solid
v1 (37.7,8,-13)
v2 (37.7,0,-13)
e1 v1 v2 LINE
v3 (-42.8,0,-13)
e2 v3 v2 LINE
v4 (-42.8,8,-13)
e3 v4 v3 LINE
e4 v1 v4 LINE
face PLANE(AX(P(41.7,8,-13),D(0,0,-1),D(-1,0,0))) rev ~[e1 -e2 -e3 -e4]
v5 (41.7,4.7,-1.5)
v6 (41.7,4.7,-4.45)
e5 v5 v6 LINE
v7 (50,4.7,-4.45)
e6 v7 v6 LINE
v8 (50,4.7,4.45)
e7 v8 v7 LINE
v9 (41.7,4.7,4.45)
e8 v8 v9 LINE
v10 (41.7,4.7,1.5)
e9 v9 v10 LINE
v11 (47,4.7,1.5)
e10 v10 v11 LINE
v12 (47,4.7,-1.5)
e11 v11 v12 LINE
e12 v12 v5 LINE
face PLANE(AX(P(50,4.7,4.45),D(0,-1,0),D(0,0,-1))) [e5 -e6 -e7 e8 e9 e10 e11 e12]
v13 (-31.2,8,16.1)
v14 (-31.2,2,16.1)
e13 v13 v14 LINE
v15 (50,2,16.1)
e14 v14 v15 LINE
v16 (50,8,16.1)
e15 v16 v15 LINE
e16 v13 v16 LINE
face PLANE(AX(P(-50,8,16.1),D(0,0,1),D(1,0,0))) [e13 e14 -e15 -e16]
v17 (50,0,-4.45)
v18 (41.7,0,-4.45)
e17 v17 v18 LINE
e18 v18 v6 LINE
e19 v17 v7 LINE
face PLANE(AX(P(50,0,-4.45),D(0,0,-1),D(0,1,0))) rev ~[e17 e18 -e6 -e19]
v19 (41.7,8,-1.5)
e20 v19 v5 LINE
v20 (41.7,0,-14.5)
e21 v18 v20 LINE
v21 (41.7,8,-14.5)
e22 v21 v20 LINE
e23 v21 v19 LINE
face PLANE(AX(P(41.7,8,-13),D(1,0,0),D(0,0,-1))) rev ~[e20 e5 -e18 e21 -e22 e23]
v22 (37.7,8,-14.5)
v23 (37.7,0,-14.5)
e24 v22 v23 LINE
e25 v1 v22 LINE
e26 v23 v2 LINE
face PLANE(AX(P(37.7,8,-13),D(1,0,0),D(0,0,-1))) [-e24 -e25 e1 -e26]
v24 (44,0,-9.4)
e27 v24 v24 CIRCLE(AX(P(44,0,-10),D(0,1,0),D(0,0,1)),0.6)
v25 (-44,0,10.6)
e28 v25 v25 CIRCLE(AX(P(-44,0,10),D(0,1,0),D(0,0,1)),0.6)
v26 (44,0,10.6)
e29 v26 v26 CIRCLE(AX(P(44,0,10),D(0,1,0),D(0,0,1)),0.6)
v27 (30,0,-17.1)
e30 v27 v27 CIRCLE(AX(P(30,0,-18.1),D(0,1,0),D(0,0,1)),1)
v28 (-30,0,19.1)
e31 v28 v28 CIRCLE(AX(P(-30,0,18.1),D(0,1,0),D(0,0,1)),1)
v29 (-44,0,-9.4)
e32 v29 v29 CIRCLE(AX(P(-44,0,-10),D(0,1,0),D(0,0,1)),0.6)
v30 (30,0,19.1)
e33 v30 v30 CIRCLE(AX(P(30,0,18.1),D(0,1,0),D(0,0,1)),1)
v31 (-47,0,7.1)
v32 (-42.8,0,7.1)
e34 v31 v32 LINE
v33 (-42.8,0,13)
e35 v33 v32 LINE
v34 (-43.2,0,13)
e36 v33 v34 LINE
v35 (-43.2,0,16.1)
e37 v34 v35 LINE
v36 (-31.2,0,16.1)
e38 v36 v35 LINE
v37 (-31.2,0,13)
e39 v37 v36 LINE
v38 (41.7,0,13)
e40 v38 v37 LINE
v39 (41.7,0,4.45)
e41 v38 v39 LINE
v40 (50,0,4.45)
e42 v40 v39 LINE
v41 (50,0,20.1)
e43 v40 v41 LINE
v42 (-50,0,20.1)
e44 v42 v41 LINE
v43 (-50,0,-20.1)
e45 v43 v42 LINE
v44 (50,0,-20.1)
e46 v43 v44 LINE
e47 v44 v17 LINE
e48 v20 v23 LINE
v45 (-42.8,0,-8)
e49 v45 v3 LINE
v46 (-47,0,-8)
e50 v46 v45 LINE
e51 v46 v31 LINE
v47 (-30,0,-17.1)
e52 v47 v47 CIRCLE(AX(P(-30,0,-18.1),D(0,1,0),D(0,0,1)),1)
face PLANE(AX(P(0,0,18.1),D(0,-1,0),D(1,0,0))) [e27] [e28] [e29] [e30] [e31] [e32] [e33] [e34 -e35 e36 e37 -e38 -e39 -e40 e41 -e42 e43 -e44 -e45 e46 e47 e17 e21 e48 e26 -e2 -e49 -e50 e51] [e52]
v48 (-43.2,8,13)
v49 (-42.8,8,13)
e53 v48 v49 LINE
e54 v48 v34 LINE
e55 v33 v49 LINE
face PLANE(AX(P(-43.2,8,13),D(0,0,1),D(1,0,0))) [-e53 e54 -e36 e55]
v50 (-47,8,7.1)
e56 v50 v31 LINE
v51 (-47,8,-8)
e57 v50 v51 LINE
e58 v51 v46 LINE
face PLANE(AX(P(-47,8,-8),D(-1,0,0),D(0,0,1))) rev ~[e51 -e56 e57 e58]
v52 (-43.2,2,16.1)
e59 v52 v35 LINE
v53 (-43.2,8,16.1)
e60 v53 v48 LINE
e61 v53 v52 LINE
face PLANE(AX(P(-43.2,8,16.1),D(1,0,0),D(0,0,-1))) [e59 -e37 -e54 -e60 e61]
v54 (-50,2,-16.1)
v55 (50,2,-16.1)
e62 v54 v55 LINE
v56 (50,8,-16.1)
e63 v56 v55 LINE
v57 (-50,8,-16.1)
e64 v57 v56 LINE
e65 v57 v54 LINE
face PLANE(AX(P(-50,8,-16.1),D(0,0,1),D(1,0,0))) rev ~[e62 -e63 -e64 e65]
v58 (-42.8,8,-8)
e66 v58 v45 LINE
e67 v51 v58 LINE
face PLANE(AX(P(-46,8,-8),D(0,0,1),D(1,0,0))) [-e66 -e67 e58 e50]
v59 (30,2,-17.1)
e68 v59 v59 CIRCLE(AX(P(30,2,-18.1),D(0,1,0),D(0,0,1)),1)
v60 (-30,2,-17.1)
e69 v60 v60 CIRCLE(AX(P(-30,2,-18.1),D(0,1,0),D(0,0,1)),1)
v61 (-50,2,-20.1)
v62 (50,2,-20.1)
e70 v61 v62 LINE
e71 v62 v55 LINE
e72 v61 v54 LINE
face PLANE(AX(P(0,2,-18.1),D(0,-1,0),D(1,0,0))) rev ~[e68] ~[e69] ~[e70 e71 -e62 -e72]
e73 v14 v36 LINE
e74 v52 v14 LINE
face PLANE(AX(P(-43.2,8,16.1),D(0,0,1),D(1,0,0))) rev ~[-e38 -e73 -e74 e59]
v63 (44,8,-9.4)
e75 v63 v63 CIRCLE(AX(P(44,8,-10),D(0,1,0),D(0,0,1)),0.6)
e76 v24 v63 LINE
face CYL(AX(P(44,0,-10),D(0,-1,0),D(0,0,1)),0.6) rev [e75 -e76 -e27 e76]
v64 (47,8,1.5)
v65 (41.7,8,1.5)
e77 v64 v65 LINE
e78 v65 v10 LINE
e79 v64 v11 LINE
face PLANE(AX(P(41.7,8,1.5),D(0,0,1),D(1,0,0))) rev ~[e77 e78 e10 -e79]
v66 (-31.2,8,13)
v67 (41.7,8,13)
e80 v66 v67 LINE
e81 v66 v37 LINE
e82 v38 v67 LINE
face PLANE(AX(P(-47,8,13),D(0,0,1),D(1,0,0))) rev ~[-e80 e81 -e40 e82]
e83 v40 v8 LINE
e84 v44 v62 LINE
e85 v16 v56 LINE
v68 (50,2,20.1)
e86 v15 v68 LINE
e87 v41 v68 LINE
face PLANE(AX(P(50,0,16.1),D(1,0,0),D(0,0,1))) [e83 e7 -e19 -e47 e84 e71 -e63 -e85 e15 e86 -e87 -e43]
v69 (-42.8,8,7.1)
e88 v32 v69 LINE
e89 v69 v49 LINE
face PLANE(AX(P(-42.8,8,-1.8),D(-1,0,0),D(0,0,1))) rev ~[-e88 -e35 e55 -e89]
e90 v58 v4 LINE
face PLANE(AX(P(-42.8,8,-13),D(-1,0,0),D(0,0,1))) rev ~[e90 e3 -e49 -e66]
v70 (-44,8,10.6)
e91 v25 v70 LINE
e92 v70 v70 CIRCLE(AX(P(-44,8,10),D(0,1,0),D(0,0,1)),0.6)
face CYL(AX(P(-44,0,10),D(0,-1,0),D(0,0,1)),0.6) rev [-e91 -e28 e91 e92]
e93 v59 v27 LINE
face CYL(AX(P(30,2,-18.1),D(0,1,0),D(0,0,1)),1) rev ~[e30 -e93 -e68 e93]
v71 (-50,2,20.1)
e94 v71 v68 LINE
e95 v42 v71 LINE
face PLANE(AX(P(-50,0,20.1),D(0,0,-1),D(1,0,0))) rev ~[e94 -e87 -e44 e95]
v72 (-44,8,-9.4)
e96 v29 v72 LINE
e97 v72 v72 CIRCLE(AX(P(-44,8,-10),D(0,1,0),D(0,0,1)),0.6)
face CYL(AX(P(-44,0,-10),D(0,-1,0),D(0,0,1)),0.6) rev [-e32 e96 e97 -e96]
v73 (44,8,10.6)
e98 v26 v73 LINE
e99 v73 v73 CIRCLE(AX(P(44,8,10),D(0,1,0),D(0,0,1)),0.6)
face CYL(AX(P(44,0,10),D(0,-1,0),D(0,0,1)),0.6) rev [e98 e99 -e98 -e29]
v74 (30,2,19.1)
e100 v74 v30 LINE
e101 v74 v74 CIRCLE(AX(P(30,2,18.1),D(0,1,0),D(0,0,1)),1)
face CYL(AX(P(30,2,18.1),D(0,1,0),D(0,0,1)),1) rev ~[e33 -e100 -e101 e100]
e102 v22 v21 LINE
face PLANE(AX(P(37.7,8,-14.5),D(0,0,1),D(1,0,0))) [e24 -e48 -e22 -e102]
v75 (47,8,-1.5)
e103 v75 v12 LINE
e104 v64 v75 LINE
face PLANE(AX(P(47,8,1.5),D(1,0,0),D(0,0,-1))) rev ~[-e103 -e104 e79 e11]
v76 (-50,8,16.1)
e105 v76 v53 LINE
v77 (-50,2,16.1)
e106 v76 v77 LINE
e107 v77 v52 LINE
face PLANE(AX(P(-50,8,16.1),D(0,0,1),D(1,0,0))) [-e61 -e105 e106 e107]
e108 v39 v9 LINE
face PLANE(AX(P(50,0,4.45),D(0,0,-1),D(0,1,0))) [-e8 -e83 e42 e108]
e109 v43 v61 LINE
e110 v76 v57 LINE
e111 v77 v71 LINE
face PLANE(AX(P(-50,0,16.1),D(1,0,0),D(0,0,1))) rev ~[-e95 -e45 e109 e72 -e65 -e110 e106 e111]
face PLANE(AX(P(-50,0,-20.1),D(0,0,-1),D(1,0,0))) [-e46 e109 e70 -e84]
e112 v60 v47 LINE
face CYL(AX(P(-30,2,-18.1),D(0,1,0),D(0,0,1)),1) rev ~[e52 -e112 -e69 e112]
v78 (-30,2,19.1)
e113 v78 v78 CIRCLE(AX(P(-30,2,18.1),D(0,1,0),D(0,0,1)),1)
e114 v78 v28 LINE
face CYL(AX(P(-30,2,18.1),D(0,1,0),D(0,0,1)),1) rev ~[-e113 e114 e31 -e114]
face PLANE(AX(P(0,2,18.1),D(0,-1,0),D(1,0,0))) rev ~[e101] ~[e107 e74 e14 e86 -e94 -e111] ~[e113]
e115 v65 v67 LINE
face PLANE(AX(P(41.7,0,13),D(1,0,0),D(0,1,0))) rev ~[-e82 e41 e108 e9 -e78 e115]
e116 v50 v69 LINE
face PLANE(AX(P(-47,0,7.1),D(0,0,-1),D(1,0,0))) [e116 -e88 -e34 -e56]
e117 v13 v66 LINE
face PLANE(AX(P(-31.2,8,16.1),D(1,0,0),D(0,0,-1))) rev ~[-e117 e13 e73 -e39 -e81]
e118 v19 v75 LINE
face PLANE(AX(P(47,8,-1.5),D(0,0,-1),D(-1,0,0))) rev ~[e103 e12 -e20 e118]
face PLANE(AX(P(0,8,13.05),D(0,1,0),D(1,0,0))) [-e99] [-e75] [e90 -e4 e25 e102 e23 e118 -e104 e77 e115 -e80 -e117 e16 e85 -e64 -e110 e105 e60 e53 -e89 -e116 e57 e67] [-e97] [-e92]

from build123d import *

# Parameters (mm, degrees)
SKETCH_1_W           = 94
SKETCH_1_H           = 26
SKETCH_1_R           = 0.6
EXTRUDE_1_DEPTH      = 8
SKETCH_2_W           = 4.7
SKETCH_2_H           = 8.9
SKETCH_2_W_2         = 59.6
SKETCH_2_H_2         = 6.6
CUT_EXTRUDE_1_DEPTH  = 50.416596402
SKETCH_3_R           = 1.5
CUT_EXTRUDE_2_DEPTH  = 50.416596402
SKETCH_5_W           = 7.8
SKETCH_5_H           = 2.6
SKETCH_5_W_2         = 8.6
SKETCH_5_H_2         = 2
CUT_EXTRUDE_4_DEPTH  = 6
SKETCH_5_3_W         = 15.6
SKETCH_5_3_H         = 2
CUT_EXTRUDE_5_DEPTH  = 20
SKETCH_6_W           = 70
SKETCH_6_H           = 19.6
SKETCH_6_W_2         = 18.8
SKETCH_6_H_2         = 3
SKETCH_6_W_3         = 82.8
SKETCH_6_H_3         = 11
SKETCH_6_W_4         = 3.2
SKETCH_6_H_4         = 5.2
CUT_EXTRUDE_12_DEPTH = 2
SKETCH_7_W           = 6.7
SKETCH_7_H           = 7.7
CUT_EXTRUDE_13_DEPTH = 0.5
SKETCH_8_W           = 7.4
SKETCH_8_H           = 5.4
SKETCH_8_W_2         = 15.6
SKETCH_8_H_2         = 1.5
EXTRUDE_2_DEPTH      = 2.1
SKETCH_10_W          = 19.8
SKETCH_10_H          = 1.9
SKETCH_10_W_2        = 11.8
SKETCH_10_H_2        = 4.2
EXTRUDE_3_DEPTH      = 2
EXTRUDE_4_REACH      = 53.894
SKETCH_12_W          = 100
SKETCH_12_H          = 32.2
SKETCH_12_W_2        = 94
SKETCH_12_H_2        = 26.1
SKETCH_12_3_W        = 4.3
SKETCH_12_3_H        = 3
SKETCH_12_3_W_2      = 1
SKETCH_12_3_W_3      = 3.2
SKETCH_12_3_H_2      = 5.2
CUT_EXTRUDE_16_DEPTH = 54.133887492
SKETCH_13_W          = 94
SKETCH_13_H          = 0.1
EXTRUDE_5_DEPTH      = 8
SKETCH_14_W          = 1
SKETCH_14_H          = 8
CUT_EXTRUDE_17_DEPTH = 0.5
SKETCH_15_W          = 100
SKETCH_15_H          = 4
EXTRUDE_6_DEPTH      = 2
SKETCH_16_W          = 12
SKETCH_16_H          = 3.1
CUT_EXTRUDE_18_DEPTH = 55.479445665
SKETCH_17_R          = 1
CUT_EXTRUDE_19_DEPTH = 55.221859061
CUT_EXTRUDE_20_REACH = 104.313
SKETCH_18_W          = 8.9
SKETCH_18_H          = 4.7
SKETCH_19_W          = 4
SKETCH_19_H          = 1.5
CUT_EXTRUDE_21_DEPTH = 55.479445665


with BuildPart() as part:
    # 草图1 → 凸台-拉伸1 (new body)
    with BuildSketch(Plane(origin=(0, 0, 0), x_dir=(1, 0, 0), z_dir=(0, 1, 0))):
        Rectangle(SKETCH_1_W, SKETCH_1_H)
        with Locations(Location((-44, 10, 0), (0, 0, 270))):
            Circle(SKETCH_1_R, mode=Mode.SUBTRACT)
        with Locations(Location((-44, -10, 0), (0, 0, 270))):
            Circle(SKETCH_1_R, mode=Mode.SUBTRACT)
        with Locations(Location((44, 10, 0), (0, 0, 270))):
            Circle(SKETCH_1_R, mode=Mode.SUBTRACT)
        with Locations(Location((44, -10, 0), (0, 0, 270))):
            Circle(SKETCH_1_R, mode=Mode.SUBTRACT)
    extrude(amount=EXTRUDE_1_DEPTH)

    # 草图2 → 切除-拉伸1 (cut, through all)
    with BuildSketch(Plane.XZ):
        with Locations((-44.65, 2.65)):
            Rectangle(SKETCH_2_W, SKETCH_2_H)
        with Locations((-4.8, 0)):
            Rectangle(SKETCH_2_W_2, SKETCH_2_H_2)
    extrude(amount=-CUT_EXTRUDE_1_DEPTH, mode=Mode.SUBTRACT)

    # 草图3 → 切除-拉伸2 (cut, through all)
    with BuildSketch(Plane(origin=(0, 0, 0), x_dir=(-1, 0, 0), z_dir=(0, -1, 0))):
        with Locations(Location((27.5, -10, 0), (0, 0, 90))):
            Circle(SKETCH_3_R)
    extrude(amount=-CUT_EXTRUDE_2_DEPTH, mode=Mode.SUBTRACT)

    # 草图5 → 切除-拉伸4 (cut)
    with BuildSketch(Plane.XY.offset(13)):
        with Locations((-37.2, 6.7)):
            Rectangle(SKETCH_5_W, SKETCH_5_H)
        with Locations((-27.5, 7)):
            Rectangle(SKETCH_5_W_2, SKETCH_5_H_2)
    extrude(amount=-CUT_EXTRUDE_4_DEPTH, mode=Mode.SUBTRACT)

    # 草图5<3> → 切除-拉伸5 (cut)
    with BuildSketch(Plane.XY.offset(13)):
        with Locations((32.9, 7)):
            Rectangle(SKETCH_5_3_W, SKETCH_5_3_H)
    extrude(amount=-CUT_EXTRUDE_5_DEPTH, mode=Mode.SUBTRACT)

    # 草图6 → 切除-拉伸12 (cut)
    with BuildSketch(Plane(origin=(0, 8, 0), x_dir=(1, 0, 0), z_dir=(0, 1, 0))):
        with Locations((-7.8, 2.7)):
            Rectangle(SKETCH_6_W, SKETCH_6_H)
        with Locations((36.6, 0)):
            Rectangle(SKETCH_6_W_2, SKETCH_6_H_2)
        with Locations((0.3, -7)):
            Rectangle(SKETCH_6_W_3, SKETCH_6_H_3)
        with Locations((-44.4, 5.4)):
            Rectangle(SKETCH_6_W_4, SKETCH_6_H_4)
    extrude(amount=-CUT_EXTRUDE_12_DEPTH, mode=Mode.SUBTRACT)

    # 草图7 → 切除-拉伸13 (cut)
    with BuildSketch(Plane(origin=(0, 6, 0), x_dir=(1, 0, 0), z_dir=(0, 1, 0))):
        with Locations((-27.35, 7.15)):
            Rectangle(SKETCH_7_W, SKETCH_7_H)
    extrude(amount=-CUT_EXTRUDE_13_DEPTH, mode=Mode.SUBTRACT)

    # 草图8 → 凸台-拉伸2 (add)
    with BuildSketch(Plane.XY.offset(13)):
        with Locations((-37.2, 2.7)):
            Rectangle(SKETCH_8_W, SKETCH_8_H)
        with Locations((32.9, 0.75)):
            Rectangle(SKETCH_8_W_2, SKETCH_8_H_2)
    extrude(amount=EXTRUDE_2_DEPTH)

    # 草图10 → 凸台-拉伸3 (add)
    with BuildSketch(Plane.ZY.offset(47)):
        with Locations((0, 0.95)):
            Rectangle(SKETCH_10_W, SKETCH_10_H)
        with Locations((0, 2.1)):
            Rectangle(SKETCH_10_W_2, SKETCH_10_H_2)
    extrude(amount=EXTRUDE_3_DEPTH)

    # 凸台-拉伸4: up to this face of the body (flat: up to its plane)
    extrude_4_end = Plane(part.part.faces().sort_by_distance((-45.999719539, 0, 11.45))[0])
    # 草图12 → 凸台-拉伸4 (add, up to the picked face)
    with BuildSketch(Plane(origin=(0, 8, 0), x_dir=(1, 0, 0), z_dir=(0, 1, 0)), mode=Mode.PRIVATE) as extrude_4_sk1:
        Rectangle(SKETCH_12_W, SKETCH_12_H)
        with Locations((0, -0.05)):
            Rectangle(SKETCH_12_W_2, SKETCH_12_H_2, mode=Mode.SUBTRACT)
    extrude_4_tool1 = split(extrude(extrude_4_sk1.sketch, amount=-EXTRUDE_4_REACH, mode=Mode.PRIVATE), bisect_by=extrude_4_end, keep=Keep.BOTH, mode=Mode.PRIVATE)
    add(extrude_4_tool1.solids().sort_by(Axis((48.949436, 8, 0), (0, -1, 0)))[0])

    # 草图12<3> → 切除-拉伸16 (cut, through all)
    with BuildSketch(Plane(origin=(0, 8, 0), x_dir=(1, 0, 0), z_dir=(0, 1, 0))):
        Polygon((41.7, 13), (-42.8, 13), (-42.8, 12.5), (27.2, 12.5), (27.2, 7), (40.7, 7), (40.7, 1.5), (41.7, 1.5), align=None)
        Polygon((27.2, 12.5), (-42.8, 12.5), (-42.8, 8), (-42.8, 2.8), (-42.8, 1.8), (-42.8, -13.1), (41.7, -13.1), (41.7, -13), (40.7, -13), (40.7, -12.5), (41.7, -12.5), (41.7, -1.5), (41.7, 1.5), (40.7, 1.5), (40.7, 7), (27.2, 7), align=None)
        with Locations((43.85, 0)):
            Rectangle(SKETCH_12_3_W, SKETCH_12_3_H)
        with Locations((46.5, 0)):
            Rectangle(SKETCH_12_3_W_2, SKETCH_12_3_H)
        with Locations((-44.4, 5.4)):
            Rectangle(SKETCH_12_3_W_3, SKETCH_12_3_H_2)
        with Locations((-46.5, 5.4)):
            Rectangle(SKETCH_12_3_W_2, SKETCH_12_3_H_2)
        Polygon((-46, 2.8), (-47, 2.8), (-47, 1.8), (-42.8, 1.8), (-42.8, 2.8), align=None)
    extrude(amount=-CUT_EXTRUDE_16_DEPTH, mode=Mode.SUBTRACT)

    # 草图13 → 凸台-拉伸5 (add)
    with BuildSketch(Plane(origin=(0, 8, 0), x_dir=(1, 0, 0), z_dir=(0, 1, 0))):
        with Locations((0, -13.05)):
            Rectangle(SKETCH_13_W, SKETCH_13_H)
    extrude(amount=-EXTRUDE_5_DEPTH)

    # 草图14 → 切除-拉伸17 (cut)
    with BuildSketch(Plane(origin=(0, 0, 13), x_dir=(-1, 0, 0), z_dir=(0, 0, -1))):
        with Locations((-41.2, 4)):
            Rectangle(SKETCH_14_W, SKETCH_14_H)
    extrude(amount=CUT_EXTRUDE_17_DEPTH, mode=Mode.SUBTRACT)

    # 草图15 → 凸台-拉伸6 (add)
    with BuildSketch(Plane.XZ):
        with Locations((0, 18.1)):
            Rectangle(SKETCH_15_W, SKETCH_15_H)
        with Locations((0, -18.1)):
            Rectangle(SKETCH_15_W, SKETCH_15_H)
    extrude(amount=-EXTRUDE_6_DEPTH)

    # 草图16 → 切除-拉伸18 (cut, through all)
    with BuildSketch(Plane(origin=(0, 8, 0), x_dir=(1, 0, 0), z_dir=(0, 1, 0))):
        with Locations((-37.2, -14.55)):
            Rectangle(SKETCH_16_W, SKETCH_16_H)
    extrude(amount=-CUT_EXTRUDE_18_DEPTH, mode=Mode.SUBTRACT)

    # 草图17 → 切除-拉伸19 (cut, through all)
    with BuildSketch(Plane(origin=(0, 2, 0), x_dir=(1, 0, 0), z_dir=(0, 1, 0))):
        with Locations(Location((30, 18.1, 0), (0, 0, 270))):
            Circle(SKETCH_17_R)
        with Locations(Location((30, -18.1, 0), (0, 0, 270))):
            Circle(SKETCH_17_R)
        with Locations(Location((-30, 18.1, 0), (0, 0, 270))):
            Circle(SKETCH_17_R)
        with Locations(Location((-30, -18.1, 0), (0, 0, 270))):
            Circle(SKETCH_17_R)
    extrude(amount=-CUT_EXTRUDE_19_DEPTH, mode=Mode.SUBTRACT)

    # 切除-拉伸20: up to this face of the body (flat: up to its plane)
    cut_extrude_20_end = Plane(part.part.faces().sort_by_distance((41.7, 4, 7.25))[0])
    # 草图18 → 切除-拉伸20 (cut, up to the picked face)
    with BuildSketch(Plane(origin=(50, 0, 0), x_dir=(0, 0, -1), z_dir=(1, 0, 0)), mode=Mode.PRIVATE) as cut_extrude_20_sk1:
        with Locations((0, 2.35)):
            Rectangle(SKETCH_18_W, SKETCH_18_H)
    cut_extrude_20_tool1 = split(extrude(cut_extrude_20_sk1.sketch, amount=-CUT_EXTRUDE_20_REACH, mode=Mode.PRIVATE), bisect_by=cut_extrude_20_end, keep=Keep.BOTH, mode=Mode.PRIVATE)
    add(cut_extrude_20_tool1.solids().sort_by(Axis((50, 2.35, 0), (-1, 0, 0)))[0], mode=Mode.SUBTRACT)

    # 草图19 → 切除-拉伸21 (cut, through all)
    with BuildSketch(Plane(origin=(0, 8, 0), x_dir=(1, 0, 0), z_dir=(0, 1, 0))):
        with Locations((39.7, 13.75)):
            Rectangle(SKETCH_19_W, SKETCH_19_H)
    extrude(amount=-CUT_EXTRUDE_21_DEPTH, mode=Mode.SUBTRACT)


solid = part.part
